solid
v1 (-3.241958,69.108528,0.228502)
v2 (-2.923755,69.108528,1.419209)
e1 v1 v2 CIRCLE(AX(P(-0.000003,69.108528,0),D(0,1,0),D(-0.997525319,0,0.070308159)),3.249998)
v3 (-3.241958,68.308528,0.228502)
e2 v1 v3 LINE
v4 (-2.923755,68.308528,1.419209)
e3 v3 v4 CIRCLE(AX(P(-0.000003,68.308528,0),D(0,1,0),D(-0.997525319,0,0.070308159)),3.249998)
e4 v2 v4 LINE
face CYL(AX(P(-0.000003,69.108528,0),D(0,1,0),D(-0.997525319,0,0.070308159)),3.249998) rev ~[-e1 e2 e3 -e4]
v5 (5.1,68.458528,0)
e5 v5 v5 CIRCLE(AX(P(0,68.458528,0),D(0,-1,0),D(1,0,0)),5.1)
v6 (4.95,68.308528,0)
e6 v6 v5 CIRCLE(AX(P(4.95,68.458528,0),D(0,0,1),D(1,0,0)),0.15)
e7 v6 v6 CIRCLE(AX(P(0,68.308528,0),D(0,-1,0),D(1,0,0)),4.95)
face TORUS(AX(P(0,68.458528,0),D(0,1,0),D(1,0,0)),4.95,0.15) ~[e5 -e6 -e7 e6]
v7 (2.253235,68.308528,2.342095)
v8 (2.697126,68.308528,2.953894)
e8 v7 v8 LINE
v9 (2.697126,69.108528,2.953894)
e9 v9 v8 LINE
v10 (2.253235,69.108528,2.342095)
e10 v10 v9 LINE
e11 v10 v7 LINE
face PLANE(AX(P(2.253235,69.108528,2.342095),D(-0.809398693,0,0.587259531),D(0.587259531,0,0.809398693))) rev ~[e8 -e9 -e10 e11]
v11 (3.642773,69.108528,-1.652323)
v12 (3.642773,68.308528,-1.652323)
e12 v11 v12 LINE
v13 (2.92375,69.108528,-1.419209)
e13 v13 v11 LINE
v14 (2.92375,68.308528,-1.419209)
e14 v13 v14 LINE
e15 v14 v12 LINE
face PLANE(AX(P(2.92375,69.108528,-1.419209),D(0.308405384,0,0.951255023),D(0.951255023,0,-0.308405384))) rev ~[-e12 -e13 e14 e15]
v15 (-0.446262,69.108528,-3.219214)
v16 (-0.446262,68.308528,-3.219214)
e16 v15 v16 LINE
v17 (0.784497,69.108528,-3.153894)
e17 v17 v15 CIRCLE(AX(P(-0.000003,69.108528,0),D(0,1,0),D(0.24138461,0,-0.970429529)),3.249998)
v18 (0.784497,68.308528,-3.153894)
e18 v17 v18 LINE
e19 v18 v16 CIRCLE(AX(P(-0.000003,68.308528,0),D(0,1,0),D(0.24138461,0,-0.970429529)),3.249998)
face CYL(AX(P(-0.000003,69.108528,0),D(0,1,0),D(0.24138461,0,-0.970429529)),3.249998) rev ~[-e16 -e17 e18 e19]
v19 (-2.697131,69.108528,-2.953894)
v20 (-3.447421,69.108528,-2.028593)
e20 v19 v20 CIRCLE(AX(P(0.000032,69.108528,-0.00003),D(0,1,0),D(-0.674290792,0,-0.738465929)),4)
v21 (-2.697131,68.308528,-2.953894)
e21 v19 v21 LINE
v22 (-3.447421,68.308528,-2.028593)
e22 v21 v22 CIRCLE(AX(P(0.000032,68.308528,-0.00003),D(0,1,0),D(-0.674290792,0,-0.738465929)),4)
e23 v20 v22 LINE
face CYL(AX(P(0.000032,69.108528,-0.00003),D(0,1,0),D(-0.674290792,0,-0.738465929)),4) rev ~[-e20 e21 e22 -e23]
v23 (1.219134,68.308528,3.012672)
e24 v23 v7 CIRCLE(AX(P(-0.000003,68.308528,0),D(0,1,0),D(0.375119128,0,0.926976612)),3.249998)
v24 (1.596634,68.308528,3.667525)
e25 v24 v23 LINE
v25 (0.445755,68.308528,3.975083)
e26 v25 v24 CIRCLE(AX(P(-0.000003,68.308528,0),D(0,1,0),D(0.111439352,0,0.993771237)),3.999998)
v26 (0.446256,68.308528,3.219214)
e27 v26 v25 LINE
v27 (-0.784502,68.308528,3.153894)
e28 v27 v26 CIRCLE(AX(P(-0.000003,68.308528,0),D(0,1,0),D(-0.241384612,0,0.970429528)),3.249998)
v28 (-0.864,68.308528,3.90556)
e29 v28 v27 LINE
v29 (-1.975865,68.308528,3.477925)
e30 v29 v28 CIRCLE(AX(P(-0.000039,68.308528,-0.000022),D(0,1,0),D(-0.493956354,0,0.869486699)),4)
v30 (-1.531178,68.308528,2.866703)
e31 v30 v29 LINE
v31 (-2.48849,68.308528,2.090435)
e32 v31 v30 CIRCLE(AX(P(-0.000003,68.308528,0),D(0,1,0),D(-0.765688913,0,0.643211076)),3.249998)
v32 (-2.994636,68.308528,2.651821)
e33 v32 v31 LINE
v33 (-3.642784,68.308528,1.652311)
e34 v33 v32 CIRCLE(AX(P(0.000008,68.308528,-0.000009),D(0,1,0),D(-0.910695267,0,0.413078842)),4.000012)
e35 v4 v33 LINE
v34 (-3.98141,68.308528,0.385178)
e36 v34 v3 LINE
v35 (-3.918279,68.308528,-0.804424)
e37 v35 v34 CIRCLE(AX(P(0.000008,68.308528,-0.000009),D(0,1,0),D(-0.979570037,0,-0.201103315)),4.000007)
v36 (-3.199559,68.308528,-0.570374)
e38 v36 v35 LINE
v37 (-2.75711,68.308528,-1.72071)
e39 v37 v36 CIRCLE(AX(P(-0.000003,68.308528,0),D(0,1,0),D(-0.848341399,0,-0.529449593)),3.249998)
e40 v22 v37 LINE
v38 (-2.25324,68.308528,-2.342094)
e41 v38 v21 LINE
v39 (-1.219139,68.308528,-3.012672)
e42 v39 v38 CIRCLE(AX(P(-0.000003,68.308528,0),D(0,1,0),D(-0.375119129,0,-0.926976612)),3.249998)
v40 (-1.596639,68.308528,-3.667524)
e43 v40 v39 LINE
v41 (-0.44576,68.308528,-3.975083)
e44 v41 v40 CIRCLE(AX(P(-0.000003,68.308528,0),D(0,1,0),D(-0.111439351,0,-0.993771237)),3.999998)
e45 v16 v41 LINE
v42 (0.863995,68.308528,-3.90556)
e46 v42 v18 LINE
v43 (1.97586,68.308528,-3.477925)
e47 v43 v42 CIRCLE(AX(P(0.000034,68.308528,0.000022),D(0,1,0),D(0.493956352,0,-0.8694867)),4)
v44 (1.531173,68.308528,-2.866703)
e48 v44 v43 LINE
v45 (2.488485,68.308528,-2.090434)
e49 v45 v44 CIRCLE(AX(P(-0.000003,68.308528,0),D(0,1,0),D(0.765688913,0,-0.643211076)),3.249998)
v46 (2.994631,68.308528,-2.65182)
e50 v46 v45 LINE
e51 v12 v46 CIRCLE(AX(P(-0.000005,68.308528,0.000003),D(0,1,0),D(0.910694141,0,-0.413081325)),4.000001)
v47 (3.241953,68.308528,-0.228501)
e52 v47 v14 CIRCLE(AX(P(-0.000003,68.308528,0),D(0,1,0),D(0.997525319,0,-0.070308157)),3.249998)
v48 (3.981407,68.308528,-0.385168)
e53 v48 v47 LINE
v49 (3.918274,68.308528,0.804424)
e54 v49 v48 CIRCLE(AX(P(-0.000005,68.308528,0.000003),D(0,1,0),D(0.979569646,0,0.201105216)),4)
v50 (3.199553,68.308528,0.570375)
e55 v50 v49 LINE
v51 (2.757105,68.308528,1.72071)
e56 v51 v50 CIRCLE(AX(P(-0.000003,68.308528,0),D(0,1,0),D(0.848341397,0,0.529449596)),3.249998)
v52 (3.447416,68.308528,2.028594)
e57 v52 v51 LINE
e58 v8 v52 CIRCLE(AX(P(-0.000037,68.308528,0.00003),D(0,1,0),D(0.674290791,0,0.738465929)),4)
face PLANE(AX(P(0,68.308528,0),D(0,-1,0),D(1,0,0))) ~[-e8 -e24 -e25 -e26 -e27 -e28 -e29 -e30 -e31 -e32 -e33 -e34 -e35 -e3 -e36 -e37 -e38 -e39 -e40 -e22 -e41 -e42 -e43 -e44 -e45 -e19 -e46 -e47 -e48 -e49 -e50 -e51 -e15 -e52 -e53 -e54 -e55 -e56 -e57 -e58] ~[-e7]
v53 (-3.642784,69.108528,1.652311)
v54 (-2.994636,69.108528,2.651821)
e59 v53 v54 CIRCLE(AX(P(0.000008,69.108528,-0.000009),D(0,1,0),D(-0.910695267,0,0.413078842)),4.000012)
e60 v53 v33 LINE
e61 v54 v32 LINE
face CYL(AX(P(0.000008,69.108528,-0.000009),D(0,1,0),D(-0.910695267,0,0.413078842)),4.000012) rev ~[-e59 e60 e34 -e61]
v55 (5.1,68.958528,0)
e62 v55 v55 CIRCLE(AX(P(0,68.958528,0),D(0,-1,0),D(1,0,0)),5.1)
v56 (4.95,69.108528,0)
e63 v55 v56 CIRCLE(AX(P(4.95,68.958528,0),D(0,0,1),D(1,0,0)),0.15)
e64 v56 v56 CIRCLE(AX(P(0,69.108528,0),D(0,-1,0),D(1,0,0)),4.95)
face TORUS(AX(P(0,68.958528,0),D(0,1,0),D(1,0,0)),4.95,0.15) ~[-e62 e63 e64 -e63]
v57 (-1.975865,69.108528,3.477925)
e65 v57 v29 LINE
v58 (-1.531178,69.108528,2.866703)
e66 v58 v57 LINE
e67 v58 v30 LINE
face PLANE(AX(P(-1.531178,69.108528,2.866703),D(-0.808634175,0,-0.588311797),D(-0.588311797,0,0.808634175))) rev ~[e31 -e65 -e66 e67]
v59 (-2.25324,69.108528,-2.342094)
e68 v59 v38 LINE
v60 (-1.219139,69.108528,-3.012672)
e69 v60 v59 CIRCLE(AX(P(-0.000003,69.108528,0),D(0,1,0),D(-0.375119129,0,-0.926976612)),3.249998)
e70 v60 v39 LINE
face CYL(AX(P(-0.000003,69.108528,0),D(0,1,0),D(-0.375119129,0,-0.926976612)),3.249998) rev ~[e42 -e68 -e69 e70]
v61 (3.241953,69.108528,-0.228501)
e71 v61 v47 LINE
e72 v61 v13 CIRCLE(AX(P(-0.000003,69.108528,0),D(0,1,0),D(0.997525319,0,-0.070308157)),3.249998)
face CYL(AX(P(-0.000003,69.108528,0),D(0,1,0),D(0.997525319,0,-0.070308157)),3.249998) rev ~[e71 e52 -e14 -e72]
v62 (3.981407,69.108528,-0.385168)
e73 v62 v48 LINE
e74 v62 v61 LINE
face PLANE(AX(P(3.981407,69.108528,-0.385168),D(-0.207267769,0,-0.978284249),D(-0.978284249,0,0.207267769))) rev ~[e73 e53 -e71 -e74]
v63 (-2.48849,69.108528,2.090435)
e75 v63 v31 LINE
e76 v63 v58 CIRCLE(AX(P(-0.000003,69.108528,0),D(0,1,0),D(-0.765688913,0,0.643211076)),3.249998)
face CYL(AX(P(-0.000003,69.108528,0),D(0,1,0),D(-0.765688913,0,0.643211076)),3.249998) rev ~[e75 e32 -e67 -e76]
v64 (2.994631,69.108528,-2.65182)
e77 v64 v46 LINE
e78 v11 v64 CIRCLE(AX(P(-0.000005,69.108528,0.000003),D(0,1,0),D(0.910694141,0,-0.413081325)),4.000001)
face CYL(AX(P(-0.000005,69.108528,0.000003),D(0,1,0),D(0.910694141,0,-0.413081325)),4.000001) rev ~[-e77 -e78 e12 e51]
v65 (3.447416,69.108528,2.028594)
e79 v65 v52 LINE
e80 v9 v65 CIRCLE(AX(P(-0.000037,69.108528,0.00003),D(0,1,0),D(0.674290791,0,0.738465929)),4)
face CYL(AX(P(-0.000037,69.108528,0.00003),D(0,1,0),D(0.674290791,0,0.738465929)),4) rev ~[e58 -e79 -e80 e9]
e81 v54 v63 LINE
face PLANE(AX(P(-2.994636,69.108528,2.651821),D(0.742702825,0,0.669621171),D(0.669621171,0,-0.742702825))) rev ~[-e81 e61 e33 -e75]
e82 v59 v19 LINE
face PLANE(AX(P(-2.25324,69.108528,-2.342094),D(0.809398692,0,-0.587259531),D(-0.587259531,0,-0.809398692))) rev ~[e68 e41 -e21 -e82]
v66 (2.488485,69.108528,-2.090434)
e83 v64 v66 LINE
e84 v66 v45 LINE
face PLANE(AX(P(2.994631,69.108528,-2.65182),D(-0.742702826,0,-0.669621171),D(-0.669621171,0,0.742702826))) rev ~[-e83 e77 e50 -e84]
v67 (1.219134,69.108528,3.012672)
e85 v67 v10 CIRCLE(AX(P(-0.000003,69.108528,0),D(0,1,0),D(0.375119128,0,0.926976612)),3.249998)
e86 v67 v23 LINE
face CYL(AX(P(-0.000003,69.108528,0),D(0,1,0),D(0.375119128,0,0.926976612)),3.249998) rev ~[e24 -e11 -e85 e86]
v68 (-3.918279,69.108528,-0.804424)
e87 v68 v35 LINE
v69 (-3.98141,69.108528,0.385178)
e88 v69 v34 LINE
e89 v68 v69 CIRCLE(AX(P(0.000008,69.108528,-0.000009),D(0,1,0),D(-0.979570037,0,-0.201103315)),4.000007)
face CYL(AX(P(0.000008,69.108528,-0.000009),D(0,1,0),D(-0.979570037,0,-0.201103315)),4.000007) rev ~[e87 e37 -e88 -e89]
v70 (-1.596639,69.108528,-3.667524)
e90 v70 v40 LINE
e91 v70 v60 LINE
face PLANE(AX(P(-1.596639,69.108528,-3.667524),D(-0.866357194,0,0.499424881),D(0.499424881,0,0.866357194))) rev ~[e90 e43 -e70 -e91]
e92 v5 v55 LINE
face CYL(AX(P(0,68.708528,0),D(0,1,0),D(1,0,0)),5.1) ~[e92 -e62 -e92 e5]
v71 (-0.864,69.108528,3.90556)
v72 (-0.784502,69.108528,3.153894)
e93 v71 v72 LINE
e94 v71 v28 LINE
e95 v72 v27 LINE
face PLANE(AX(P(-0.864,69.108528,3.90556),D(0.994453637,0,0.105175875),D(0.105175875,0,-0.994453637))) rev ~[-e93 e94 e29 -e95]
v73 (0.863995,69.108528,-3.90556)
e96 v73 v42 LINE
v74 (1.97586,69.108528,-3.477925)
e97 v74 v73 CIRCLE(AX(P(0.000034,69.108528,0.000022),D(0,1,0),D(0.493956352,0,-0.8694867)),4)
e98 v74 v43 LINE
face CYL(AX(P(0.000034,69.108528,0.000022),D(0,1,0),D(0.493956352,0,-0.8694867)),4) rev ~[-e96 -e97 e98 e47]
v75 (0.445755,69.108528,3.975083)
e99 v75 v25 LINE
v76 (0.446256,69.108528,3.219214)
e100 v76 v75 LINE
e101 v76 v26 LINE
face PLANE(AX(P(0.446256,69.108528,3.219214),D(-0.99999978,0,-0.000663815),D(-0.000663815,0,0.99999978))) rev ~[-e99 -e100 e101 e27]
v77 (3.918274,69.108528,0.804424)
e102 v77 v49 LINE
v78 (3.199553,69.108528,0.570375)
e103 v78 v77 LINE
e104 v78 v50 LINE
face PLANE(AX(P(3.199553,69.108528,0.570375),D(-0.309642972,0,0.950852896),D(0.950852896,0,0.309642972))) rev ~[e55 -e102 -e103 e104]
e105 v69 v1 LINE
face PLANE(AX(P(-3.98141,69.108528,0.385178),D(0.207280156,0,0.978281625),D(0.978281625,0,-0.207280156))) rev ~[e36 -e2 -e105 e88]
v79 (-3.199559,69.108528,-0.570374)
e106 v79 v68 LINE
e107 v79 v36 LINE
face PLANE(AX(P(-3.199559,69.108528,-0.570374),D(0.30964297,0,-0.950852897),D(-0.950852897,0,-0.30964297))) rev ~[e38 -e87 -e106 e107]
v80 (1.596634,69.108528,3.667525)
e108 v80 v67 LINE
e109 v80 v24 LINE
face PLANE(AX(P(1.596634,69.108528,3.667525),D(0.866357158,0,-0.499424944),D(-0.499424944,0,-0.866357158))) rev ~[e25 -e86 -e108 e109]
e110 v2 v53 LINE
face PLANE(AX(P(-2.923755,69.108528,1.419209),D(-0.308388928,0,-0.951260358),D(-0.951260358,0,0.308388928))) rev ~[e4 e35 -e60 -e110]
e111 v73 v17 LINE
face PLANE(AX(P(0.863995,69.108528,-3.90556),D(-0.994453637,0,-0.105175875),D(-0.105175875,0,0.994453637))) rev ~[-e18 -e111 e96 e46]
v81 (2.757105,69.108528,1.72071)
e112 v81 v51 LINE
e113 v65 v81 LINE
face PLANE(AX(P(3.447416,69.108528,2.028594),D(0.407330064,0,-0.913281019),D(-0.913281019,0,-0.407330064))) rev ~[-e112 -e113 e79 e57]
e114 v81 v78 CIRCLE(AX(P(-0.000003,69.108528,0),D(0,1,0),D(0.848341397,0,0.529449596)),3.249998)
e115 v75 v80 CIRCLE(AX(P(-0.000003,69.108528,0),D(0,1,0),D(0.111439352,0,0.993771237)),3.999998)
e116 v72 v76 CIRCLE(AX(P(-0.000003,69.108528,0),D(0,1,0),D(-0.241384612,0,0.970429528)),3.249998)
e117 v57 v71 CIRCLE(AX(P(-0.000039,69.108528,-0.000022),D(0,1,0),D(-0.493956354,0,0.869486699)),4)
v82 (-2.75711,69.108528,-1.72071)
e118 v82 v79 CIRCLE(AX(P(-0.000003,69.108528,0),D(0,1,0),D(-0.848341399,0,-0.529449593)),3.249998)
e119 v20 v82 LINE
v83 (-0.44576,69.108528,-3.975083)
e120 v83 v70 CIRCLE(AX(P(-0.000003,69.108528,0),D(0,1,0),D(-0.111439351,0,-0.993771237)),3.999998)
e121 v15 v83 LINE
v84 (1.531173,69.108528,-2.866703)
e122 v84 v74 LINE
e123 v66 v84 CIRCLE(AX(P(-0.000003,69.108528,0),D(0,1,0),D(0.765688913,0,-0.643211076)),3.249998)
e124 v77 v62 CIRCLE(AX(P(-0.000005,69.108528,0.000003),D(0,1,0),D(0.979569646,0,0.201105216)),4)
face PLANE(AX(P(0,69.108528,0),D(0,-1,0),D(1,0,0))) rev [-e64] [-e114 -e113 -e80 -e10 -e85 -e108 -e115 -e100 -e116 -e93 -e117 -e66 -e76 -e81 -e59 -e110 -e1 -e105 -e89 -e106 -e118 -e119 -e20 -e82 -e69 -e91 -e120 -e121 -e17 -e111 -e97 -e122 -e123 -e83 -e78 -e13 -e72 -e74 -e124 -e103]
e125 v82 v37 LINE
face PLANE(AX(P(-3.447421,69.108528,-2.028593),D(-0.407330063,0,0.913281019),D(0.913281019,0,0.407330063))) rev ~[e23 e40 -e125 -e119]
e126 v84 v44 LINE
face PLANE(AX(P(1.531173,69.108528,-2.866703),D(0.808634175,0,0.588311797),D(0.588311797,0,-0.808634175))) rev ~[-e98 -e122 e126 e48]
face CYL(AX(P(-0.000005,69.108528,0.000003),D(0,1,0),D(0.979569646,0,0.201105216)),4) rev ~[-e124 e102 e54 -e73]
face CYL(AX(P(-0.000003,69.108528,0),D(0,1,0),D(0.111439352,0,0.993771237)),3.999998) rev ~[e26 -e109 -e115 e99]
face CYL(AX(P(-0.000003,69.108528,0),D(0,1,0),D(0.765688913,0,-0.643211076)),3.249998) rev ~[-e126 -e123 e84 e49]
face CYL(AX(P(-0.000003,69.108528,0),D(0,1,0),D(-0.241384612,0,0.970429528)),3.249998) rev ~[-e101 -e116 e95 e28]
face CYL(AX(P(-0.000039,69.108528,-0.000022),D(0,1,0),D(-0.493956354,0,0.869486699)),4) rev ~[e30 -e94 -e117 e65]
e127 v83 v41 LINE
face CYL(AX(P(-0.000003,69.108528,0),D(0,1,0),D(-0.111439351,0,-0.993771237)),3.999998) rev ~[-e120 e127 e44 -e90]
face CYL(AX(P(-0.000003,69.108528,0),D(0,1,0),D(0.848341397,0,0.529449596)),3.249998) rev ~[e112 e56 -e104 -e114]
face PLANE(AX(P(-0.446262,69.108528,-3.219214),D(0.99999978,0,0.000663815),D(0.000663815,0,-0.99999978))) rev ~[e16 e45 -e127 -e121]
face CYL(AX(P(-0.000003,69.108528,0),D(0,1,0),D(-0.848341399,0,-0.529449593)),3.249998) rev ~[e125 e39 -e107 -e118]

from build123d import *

# Parameters (mm, degrees)
SKETCH_1_W          = 5.1
SKETCH_1_H          = 0.8
CUT_EXTRUDE_1_DEPTH = 8.256721023
FILLET_1_R          = 0.15


with BuildPart() as part:
    # 草图1 → 旋转1 (revolve)
    with BuildSketch(Plane.XY):
        with Locations((2.55, 68.708527966)):
            Rectangle(SKETCH_1_W, SKETCH_1_H)
    revolve(axis=Axis((0, 69.108527966, 0), (0, -1, 0)))

    # 草图2 → 切除-拉伸1 (cut, through all)
    with BuildSketch(Plane(origin=(0, 69.108527966, 0), x_dir=(-1, 0, 0), z_dir=(0, 1, 0))):
        with BuildLine():
            Line((-3.199553455, 0.570374573), (-3.918273635, 0.804424081))
            ThreePointArc((-3.918273635, 0.804424081), (-3.994373733, 0.21199127), (-3.981407211, -0.385168448))
            Line((-3.981407211, -0.385168448), (-3.241952523, -0.228501177))
            ThreePointArc((-3.241952523, -0.228501177), (-3.139811906, -0.839077143), (-2.923750279, -1.419209101))
            Line((-2.923750279, -1.419209101), (-3.642772796, -1.65232263))
            ThreePointArc((-3.642772796, -1.65232263), (-3.356118206, -2.176334942), (-2.994630559, -2.651820418))
            Line((-2.994630559, -2.651820418), (-2.488484708, -2.090434413))
            ThreePointArc((-2.488484708, -2.090434413), (-2.046963571, -2.524364167), (-1.531172889, -2.866703062))
            Line((-1.531172889, -2.866703062), (-1.975859509, -3.477924527))
            ThreePointArc((-1.975859509, -3.477924527), (-1.435936071, -3.733365668), (-0.863994936, -3.905559842))
            Line((-0.863994936, -3.905559842), (-0.784496864, -3.153893672))
            ThreePointArc((-0.784496864, -3.153893672), (-0.172242423, -3.245430066), (0.446261515, -3.219213824))
            Line((0.446261515, -3.219213824), (0.445759758, -3.975082601))
            ThreePointArc((0.445759758, -3.975082601), (1.032712913, -3.864387477), (1.596638706, -3.667524283))
            Line((1.596638706, -3.667524283), (1.219138949, -3.012671786))
            ThreePointArc((1.219138949, -3.012671786), (1.768268328, -2.726851874), (2.253240152, -2.342094254))
            Line((2.253240152, -2.342094254), (2.697131397, -2.953893593))
            ThreePointArc((2.697131397, -2.953893593), (3.106915443, -2.519331172), (3.447420884, -2.028593455))
            Line((3.447420884, -2.028593455), (2.75711029, -1.720709844))
            ThreePointArc((2.75711029, -1.720709844), (3.033363561, -1.166707614), (3.199558641, -0.570374203))
            Line((3.199558641, -0.570374203), (3.918278822, -0.80442371))
            ThreePointArc((3.918278822, -0.80442371), (3.994378087, -0.211986219), (3.981409517, 0.385177991))
            Line((3.981409517, 0.385177991), (3.241957709, 0.228501547))
            ThreePointArc((3.241957709, 0.228501547), (3.139817092, 0.83907751), (2.923755466, 1.419209465))
            Line((2.923755466, 1.419209465), (3.642783633, 1.65231108))
            ThreePointArc((3.642783633, 1.65231108), (3.356126982, 2.176329766), (2.994635746, 2.651820782))
            Line((2.994635746, 2.651820782), (2.488489895, 2.090434778))
            ThreePointArc((2.488489895, 2.090434778), (2.046968759, 2.524364531), (1.531178079, 2.866703425))
            Line((1.531178079, 2.866703425), (1.975864699, 3.477924889))
            ThreePointArc((1.975864699, 3.477924889), (1.435941262, 3.733366031), (0.864000127, 3.905560207))
            Line((0.864000127, 3.905560207), (0.784502055, 3.153894037))
            ThreePointArc((0.784502055, 3.153894037), (0.172247613, 3.245430432), (-0.446256324, 3.21921419))
            Line((-0.446256324, 3.21921419), (-0.445754567, 3.975082967))
            ThreePointArc((-0.445754567, 3.975082967), (-1.032707749, 3.864387836), (-1.596633567, 3.667524629))
            Line((-1.596633567, 3.667524629), (-1.219133759, 3.012672153))
            ThreePointArc((-1.219133759, 3.012672153), (-1.768263138, 2.726852242), (-2.253234963, 2.342094623))
            Line((-2.253234963, 2.342094623), (-2.697126207, 2.953893962))
            ThreePointArc((-2.697126207, 2.953893962), (-3.106910254, 2.519331541), (-3.447415696, 2.028593825))
            Line((-3.447415696, 2.028593825), (-2.757105101, 1.720710213))
            ThreePointArc((-2.757105101, 1.720710213), (-3.033358374, 1.166707983), (-3.199553455, 0.570374573))
        make_face()
    extrude(amount=-CUT_EXTRUDE_1_DEPTH, mode=Mode.SUBTRACT)

    # 圆角1
    fillet_1_edges = [part.edges().sort_by_distance(p)[0] for p in [
        (-5.1, 68.308527966, 0),
        (-5.1, 69.108527966, 0),
    ]]
    fillet(fillet_1_edges, radius=FILLET_1_R)


solid = part.part
